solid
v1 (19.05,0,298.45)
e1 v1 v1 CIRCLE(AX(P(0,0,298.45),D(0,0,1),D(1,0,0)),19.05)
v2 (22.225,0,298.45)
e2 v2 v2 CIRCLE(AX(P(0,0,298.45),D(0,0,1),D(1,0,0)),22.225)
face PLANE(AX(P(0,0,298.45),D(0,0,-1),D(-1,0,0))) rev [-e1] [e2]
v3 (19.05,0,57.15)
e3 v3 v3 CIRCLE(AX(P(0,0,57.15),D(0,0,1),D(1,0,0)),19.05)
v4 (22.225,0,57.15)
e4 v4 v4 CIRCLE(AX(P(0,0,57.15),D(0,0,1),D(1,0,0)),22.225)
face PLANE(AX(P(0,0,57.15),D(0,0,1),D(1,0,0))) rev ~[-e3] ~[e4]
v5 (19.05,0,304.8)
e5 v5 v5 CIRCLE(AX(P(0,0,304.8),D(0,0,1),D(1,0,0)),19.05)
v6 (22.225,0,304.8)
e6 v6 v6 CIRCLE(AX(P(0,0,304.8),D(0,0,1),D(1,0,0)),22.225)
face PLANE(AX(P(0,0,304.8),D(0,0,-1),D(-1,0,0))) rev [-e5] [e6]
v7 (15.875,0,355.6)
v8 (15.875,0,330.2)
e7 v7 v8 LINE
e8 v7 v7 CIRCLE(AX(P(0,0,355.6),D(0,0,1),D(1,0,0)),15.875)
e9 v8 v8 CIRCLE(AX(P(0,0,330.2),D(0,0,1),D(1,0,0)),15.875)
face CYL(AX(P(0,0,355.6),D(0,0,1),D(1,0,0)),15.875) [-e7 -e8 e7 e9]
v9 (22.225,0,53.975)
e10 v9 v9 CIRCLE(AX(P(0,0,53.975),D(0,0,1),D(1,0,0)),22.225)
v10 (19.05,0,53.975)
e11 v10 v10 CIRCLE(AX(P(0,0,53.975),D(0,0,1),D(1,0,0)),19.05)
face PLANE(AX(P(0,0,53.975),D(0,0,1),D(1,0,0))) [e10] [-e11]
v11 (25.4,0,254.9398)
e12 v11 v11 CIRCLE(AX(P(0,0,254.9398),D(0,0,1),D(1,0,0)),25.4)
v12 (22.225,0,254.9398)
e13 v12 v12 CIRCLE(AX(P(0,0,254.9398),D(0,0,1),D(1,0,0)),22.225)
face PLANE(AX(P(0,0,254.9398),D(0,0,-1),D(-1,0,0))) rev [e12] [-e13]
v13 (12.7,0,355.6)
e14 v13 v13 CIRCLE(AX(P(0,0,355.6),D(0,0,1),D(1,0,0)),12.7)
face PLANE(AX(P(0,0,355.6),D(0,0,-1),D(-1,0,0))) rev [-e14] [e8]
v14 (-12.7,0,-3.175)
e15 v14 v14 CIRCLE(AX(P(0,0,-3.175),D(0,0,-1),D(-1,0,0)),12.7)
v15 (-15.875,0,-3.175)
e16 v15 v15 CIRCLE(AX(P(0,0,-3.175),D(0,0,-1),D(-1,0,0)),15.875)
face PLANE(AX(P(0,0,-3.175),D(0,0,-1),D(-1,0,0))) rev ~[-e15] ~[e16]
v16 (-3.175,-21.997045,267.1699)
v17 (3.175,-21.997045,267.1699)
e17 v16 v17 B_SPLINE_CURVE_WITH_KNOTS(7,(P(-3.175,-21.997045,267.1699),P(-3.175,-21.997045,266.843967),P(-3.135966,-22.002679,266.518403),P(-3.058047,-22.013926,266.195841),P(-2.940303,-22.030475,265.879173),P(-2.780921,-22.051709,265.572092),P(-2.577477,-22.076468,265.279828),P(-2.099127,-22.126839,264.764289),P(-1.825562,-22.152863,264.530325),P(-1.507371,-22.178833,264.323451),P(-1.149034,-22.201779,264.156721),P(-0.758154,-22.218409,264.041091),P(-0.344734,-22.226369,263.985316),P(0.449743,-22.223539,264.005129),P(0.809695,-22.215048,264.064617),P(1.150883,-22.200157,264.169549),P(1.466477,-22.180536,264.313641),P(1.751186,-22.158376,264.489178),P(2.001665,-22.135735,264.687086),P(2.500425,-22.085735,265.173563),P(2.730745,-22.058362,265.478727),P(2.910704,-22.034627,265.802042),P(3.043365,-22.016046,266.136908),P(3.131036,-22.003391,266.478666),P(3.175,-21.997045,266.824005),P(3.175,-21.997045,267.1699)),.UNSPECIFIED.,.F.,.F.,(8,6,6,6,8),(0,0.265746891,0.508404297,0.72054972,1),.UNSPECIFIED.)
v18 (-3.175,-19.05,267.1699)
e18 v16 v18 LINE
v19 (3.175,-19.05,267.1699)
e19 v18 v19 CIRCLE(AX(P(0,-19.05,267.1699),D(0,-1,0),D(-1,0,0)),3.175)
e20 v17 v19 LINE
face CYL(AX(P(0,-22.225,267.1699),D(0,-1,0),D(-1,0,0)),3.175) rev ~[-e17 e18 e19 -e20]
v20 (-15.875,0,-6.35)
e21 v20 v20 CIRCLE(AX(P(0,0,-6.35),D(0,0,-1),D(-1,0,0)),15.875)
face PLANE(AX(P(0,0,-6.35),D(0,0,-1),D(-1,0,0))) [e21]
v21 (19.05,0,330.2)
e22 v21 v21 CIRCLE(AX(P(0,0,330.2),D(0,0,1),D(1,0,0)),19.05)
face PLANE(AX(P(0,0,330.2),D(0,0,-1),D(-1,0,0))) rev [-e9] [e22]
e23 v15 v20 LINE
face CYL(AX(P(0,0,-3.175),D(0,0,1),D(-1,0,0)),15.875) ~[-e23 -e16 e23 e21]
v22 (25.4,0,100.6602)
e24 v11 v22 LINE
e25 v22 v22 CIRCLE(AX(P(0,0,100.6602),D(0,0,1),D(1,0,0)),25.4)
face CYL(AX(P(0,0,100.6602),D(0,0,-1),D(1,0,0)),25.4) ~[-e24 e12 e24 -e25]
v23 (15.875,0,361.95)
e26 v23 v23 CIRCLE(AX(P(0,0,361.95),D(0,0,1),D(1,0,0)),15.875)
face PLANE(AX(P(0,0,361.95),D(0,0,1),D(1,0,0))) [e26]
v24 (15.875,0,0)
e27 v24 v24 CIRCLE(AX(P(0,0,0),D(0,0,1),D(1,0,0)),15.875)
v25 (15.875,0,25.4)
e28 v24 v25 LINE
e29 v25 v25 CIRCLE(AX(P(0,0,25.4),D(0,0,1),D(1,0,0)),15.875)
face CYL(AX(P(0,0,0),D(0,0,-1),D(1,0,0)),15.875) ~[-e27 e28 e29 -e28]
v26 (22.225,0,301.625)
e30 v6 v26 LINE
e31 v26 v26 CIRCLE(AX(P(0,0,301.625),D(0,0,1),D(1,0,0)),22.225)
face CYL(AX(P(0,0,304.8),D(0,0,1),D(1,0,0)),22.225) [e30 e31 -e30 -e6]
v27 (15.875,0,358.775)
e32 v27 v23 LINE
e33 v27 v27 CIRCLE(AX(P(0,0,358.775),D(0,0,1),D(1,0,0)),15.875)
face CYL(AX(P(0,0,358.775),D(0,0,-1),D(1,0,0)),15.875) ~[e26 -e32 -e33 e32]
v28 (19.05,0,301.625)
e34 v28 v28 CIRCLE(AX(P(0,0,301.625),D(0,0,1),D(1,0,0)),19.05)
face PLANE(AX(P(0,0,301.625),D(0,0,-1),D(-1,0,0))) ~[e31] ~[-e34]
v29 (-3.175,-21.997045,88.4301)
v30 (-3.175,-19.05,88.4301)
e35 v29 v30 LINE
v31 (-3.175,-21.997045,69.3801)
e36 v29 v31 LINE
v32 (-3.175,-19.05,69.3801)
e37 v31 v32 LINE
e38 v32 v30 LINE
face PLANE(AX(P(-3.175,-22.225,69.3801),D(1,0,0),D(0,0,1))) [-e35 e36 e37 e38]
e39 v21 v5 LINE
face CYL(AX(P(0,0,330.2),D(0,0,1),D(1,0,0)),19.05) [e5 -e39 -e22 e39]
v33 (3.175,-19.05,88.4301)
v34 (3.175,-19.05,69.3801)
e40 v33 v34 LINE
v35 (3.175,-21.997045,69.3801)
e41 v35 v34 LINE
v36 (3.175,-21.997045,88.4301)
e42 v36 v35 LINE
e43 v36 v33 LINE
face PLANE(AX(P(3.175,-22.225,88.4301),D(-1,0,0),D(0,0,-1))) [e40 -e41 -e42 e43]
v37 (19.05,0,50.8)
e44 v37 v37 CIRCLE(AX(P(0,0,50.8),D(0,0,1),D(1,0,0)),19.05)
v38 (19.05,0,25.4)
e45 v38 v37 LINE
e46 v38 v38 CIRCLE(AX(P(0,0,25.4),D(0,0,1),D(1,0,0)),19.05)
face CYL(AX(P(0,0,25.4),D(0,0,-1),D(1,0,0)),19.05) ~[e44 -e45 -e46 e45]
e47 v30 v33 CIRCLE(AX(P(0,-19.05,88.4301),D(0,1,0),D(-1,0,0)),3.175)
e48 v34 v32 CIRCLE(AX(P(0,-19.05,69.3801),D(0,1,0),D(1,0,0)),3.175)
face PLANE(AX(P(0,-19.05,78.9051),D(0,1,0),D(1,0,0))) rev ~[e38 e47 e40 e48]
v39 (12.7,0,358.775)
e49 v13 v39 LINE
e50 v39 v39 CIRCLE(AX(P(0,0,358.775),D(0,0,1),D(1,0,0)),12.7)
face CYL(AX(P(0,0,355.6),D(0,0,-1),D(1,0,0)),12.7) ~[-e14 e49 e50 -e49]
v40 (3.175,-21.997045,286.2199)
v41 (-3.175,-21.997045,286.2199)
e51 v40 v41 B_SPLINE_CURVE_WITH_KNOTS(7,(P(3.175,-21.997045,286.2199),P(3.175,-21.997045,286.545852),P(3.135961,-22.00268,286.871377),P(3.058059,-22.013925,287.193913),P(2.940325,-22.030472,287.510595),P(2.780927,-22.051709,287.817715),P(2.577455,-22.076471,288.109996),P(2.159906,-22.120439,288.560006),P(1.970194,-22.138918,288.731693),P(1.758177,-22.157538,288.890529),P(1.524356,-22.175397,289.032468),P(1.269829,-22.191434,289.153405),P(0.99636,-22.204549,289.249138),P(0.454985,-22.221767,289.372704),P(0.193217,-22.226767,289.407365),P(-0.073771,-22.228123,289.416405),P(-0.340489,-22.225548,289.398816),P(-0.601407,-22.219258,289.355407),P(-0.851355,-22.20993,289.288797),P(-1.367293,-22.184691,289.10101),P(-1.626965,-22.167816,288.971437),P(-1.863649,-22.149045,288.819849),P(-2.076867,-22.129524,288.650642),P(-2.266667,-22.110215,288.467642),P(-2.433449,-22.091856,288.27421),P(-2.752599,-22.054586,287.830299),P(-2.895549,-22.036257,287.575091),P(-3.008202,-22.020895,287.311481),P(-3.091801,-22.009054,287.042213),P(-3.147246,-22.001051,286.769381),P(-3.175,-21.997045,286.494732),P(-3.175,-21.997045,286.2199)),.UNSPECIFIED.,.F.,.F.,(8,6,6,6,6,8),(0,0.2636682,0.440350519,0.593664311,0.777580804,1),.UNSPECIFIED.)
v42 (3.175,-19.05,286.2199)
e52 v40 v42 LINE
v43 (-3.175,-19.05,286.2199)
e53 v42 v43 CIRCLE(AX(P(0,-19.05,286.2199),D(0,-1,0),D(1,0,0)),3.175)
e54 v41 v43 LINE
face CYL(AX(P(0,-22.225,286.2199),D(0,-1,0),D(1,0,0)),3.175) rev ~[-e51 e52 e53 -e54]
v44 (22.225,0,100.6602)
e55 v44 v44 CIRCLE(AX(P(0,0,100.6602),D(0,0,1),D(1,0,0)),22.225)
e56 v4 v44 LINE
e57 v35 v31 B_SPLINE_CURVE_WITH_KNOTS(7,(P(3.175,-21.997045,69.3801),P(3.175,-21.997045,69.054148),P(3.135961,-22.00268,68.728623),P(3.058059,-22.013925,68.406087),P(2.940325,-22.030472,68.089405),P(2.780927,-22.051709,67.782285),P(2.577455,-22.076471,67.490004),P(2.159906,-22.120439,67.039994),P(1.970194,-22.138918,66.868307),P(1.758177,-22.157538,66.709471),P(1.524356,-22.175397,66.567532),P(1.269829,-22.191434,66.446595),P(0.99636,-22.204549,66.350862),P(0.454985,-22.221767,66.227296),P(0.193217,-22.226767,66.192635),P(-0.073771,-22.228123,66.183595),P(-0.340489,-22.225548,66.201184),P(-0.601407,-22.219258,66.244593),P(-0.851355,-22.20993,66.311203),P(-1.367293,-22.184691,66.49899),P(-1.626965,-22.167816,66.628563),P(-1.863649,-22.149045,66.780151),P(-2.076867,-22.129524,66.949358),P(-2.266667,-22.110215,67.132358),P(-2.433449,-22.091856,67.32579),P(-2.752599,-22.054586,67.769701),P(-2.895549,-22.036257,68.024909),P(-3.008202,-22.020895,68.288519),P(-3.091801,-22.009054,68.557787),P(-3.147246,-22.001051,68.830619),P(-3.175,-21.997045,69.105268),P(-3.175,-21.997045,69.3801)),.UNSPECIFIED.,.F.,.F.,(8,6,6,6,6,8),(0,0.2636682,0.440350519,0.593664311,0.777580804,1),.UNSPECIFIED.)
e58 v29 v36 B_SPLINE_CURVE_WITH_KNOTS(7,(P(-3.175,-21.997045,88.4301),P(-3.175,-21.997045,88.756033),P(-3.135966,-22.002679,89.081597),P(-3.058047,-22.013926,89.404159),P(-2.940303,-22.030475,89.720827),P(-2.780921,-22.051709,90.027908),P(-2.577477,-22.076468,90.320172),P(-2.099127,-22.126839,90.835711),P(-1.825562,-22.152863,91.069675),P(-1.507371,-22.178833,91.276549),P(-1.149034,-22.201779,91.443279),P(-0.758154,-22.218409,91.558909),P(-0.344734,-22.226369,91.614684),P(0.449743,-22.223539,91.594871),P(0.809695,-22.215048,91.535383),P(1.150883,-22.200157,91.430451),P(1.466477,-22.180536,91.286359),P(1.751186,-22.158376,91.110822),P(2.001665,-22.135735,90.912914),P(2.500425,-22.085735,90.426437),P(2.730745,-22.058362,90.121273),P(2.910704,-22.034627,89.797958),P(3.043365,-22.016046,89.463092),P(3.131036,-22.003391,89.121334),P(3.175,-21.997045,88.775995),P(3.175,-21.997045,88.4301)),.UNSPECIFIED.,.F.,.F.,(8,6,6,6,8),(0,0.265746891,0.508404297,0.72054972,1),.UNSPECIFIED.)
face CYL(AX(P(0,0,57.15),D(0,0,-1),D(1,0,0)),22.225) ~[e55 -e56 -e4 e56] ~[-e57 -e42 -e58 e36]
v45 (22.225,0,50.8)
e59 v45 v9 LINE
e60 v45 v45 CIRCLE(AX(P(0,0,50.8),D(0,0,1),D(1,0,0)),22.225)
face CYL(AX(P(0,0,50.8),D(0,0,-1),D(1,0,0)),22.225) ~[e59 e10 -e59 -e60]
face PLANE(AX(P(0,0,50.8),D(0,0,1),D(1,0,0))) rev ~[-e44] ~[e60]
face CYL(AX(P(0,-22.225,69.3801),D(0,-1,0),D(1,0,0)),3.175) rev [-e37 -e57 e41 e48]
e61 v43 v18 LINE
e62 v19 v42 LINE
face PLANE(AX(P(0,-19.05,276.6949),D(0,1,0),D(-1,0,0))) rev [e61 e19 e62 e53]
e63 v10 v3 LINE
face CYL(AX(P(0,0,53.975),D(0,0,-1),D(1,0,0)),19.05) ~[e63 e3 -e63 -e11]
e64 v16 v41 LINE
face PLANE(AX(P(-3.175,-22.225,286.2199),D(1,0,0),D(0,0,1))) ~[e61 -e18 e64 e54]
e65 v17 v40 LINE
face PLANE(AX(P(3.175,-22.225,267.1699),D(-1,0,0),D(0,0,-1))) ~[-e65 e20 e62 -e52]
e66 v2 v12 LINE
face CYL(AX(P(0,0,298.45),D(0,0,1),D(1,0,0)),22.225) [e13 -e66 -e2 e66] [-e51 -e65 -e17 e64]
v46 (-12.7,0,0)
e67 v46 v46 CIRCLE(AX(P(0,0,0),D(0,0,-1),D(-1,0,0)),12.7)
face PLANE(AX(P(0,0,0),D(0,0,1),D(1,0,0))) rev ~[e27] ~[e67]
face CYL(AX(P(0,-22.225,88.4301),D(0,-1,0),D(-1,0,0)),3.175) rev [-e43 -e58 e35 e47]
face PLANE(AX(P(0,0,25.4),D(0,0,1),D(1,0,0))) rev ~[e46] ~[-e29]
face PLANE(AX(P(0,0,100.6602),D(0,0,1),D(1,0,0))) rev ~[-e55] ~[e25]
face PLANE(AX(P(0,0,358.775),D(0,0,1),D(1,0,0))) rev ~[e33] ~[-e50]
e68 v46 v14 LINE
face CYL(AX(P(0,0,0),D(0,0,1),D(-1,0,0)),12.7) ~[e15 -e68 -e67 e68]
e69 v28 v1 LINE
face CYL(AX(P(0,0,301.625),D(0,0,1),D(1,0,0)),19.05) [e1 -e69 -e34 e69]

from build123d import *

# Parameters (mm, degrees)
SKETCH2_R            = 15.875
BOSS_EXTRUDE1_DEPTH  = 25.4
SKETCH4_R            = 19.05
BOSS_EXTRUDE2_DEPTH  = 25.4
SKETCH5_R            = 22.225
BOSS_EXTRUDE3_DEPTH  = 3.175
SKETCH6_R            = 19.05
BOSS_EXTRUDE4_DEPTH  = 3.175
SKETCH7_R            = 22.225
BOSS_EXTRUDE5_DEPTH  = 43.5102
SKETCH8_R            = 25.4
BOSS_EXTRUDE6_DEPTH  = 77.1398
CUT_EXTRUDE1_DEPTH   = 3.175
SKETCH10_R           = 12.7
BOSS_EXTRUDE7_DEPTH  = 3.175
SKETCH11_R           = 15.875
BOSS_EXTRUDE8_DEPTH  = 3.175
SKETCH12_R           = 12.7
BOSS_EXTRUDE9_DEPTH  = 3.175
SKETCH13_R           = 15.875
BOSS_EXTRUDE10_DEPTH = 3.175


with BuildPart() as part:
    # Sketch2 → Boss-Extrude1 (new body)
    with BuildSketch(Plane.XY):
        Circle(SKETCH2_R)
    extrude(amount=BOSS_EXTRUDE1_DEPTH)

    # Sketch4 → Boss-Extrude2 (add)
    with BuildSketch(Plane.XY.offset(25.4)):
        Circle(SKETCH4_R)
    extrude(amount=BOSS_EXTRUDE2_DEPTH)

    # Sketch5 → Boss-Extrude3 (add)
    with BuildSketch(Plane.XY.offset(50.8)):
        Circle(SKETCH5_R)
    extrude(amount=BOSS_EXTRUDE3_DEPTH)

    # Sketch6 → Boss-Extrude4 (add)
    with BuildSketch(Plane.XY.offset(53.975)):
        Circle(SKETCH6_R)
    extrude(amount=BOSS_EXTRUDE4_DEPTH)

    # Sketch7 → Boss-Extrude5 (add)
    with BuildSketch(Plane.XY.offset(57.15)):
        Circle(SKETCH7_R)
    extrude(amount=BOSS_EXTRUDE5_DEPTH)

    # Sketch8 → Boss-Extrude6 (add)
    with BuildSketch(Plane.XY.offset(100.6602)):
        Circle(SKETCH8_R)
    extrude(amount=BOSS_EXTRUDE6_DEPTH)

    # Sketch9 → Cut-Extrude1 (cut)
    with BuildSketch(Plane(origin=(0, -22.225, 0), x_dir=(-1, 0, 0), z_dir=(0, -1, 0))):
        with BuildLine():
            Line((3.175, -69.3801), (3.175, -88.4301))
            ThreePointArc((3.175, -88.4301), (0, -91.6051), (-3.175, -88.4301))
            Line((-3.175, -88.4301), (-3.175, -69.3801))
            ThreePointArc((-3.175, -69.3801), (0, -66.2051), (3.175, -69.3801))
        make_face()
    extrude(amount=-CUT_EXTRUDE1_DEPTH, mode=Mode.SUBTRACT)

    # Mirror1: part across plane


with BuildPart() as part_1:
    add(part.part)
    add(part.part.mirror(Plane.XY.offset(177.8)))

    # Sketch10 → Boss-Extrude7 (add)
    with BuildSketch(Plane(origin=(0, 0, 0), x_dir=(-1, 0, 0), z_dir=(0, 0, -1))):
        Circle(SKETCH10_R)
    extrude(amount=BOSS_EXTRUDE7_DEPTH)

    # Sketch11 → Boss-Extrude8 (add)
    with BuildSketch(Plane(origin=(0, 0, -3.175), x_dir=(-1, 0, 0), z_dir=(0, 0, -1))):
        Circle(SKETCH11_R)
    extrude(amount=BOSS_EXTRUDE8_DEPTH)

    # Sketch12 → Boss-Extrude9 (add)
    with BuildSketch(Plane.XY.offset(355.6)):
        Circle(SKETCH12_R)
    extrude(amount=BOSS_EXTRUDE9_DEPTH)

    # Sketch13 → Boss-Extrude10 (add)
    with BuildSketch(Plane.XY.offset(358.775)):
        Circle(SKETCH13_R)
    extrude(amount=BOSS_EXTRUDE10_DEPTH)


solid = part_1.part
